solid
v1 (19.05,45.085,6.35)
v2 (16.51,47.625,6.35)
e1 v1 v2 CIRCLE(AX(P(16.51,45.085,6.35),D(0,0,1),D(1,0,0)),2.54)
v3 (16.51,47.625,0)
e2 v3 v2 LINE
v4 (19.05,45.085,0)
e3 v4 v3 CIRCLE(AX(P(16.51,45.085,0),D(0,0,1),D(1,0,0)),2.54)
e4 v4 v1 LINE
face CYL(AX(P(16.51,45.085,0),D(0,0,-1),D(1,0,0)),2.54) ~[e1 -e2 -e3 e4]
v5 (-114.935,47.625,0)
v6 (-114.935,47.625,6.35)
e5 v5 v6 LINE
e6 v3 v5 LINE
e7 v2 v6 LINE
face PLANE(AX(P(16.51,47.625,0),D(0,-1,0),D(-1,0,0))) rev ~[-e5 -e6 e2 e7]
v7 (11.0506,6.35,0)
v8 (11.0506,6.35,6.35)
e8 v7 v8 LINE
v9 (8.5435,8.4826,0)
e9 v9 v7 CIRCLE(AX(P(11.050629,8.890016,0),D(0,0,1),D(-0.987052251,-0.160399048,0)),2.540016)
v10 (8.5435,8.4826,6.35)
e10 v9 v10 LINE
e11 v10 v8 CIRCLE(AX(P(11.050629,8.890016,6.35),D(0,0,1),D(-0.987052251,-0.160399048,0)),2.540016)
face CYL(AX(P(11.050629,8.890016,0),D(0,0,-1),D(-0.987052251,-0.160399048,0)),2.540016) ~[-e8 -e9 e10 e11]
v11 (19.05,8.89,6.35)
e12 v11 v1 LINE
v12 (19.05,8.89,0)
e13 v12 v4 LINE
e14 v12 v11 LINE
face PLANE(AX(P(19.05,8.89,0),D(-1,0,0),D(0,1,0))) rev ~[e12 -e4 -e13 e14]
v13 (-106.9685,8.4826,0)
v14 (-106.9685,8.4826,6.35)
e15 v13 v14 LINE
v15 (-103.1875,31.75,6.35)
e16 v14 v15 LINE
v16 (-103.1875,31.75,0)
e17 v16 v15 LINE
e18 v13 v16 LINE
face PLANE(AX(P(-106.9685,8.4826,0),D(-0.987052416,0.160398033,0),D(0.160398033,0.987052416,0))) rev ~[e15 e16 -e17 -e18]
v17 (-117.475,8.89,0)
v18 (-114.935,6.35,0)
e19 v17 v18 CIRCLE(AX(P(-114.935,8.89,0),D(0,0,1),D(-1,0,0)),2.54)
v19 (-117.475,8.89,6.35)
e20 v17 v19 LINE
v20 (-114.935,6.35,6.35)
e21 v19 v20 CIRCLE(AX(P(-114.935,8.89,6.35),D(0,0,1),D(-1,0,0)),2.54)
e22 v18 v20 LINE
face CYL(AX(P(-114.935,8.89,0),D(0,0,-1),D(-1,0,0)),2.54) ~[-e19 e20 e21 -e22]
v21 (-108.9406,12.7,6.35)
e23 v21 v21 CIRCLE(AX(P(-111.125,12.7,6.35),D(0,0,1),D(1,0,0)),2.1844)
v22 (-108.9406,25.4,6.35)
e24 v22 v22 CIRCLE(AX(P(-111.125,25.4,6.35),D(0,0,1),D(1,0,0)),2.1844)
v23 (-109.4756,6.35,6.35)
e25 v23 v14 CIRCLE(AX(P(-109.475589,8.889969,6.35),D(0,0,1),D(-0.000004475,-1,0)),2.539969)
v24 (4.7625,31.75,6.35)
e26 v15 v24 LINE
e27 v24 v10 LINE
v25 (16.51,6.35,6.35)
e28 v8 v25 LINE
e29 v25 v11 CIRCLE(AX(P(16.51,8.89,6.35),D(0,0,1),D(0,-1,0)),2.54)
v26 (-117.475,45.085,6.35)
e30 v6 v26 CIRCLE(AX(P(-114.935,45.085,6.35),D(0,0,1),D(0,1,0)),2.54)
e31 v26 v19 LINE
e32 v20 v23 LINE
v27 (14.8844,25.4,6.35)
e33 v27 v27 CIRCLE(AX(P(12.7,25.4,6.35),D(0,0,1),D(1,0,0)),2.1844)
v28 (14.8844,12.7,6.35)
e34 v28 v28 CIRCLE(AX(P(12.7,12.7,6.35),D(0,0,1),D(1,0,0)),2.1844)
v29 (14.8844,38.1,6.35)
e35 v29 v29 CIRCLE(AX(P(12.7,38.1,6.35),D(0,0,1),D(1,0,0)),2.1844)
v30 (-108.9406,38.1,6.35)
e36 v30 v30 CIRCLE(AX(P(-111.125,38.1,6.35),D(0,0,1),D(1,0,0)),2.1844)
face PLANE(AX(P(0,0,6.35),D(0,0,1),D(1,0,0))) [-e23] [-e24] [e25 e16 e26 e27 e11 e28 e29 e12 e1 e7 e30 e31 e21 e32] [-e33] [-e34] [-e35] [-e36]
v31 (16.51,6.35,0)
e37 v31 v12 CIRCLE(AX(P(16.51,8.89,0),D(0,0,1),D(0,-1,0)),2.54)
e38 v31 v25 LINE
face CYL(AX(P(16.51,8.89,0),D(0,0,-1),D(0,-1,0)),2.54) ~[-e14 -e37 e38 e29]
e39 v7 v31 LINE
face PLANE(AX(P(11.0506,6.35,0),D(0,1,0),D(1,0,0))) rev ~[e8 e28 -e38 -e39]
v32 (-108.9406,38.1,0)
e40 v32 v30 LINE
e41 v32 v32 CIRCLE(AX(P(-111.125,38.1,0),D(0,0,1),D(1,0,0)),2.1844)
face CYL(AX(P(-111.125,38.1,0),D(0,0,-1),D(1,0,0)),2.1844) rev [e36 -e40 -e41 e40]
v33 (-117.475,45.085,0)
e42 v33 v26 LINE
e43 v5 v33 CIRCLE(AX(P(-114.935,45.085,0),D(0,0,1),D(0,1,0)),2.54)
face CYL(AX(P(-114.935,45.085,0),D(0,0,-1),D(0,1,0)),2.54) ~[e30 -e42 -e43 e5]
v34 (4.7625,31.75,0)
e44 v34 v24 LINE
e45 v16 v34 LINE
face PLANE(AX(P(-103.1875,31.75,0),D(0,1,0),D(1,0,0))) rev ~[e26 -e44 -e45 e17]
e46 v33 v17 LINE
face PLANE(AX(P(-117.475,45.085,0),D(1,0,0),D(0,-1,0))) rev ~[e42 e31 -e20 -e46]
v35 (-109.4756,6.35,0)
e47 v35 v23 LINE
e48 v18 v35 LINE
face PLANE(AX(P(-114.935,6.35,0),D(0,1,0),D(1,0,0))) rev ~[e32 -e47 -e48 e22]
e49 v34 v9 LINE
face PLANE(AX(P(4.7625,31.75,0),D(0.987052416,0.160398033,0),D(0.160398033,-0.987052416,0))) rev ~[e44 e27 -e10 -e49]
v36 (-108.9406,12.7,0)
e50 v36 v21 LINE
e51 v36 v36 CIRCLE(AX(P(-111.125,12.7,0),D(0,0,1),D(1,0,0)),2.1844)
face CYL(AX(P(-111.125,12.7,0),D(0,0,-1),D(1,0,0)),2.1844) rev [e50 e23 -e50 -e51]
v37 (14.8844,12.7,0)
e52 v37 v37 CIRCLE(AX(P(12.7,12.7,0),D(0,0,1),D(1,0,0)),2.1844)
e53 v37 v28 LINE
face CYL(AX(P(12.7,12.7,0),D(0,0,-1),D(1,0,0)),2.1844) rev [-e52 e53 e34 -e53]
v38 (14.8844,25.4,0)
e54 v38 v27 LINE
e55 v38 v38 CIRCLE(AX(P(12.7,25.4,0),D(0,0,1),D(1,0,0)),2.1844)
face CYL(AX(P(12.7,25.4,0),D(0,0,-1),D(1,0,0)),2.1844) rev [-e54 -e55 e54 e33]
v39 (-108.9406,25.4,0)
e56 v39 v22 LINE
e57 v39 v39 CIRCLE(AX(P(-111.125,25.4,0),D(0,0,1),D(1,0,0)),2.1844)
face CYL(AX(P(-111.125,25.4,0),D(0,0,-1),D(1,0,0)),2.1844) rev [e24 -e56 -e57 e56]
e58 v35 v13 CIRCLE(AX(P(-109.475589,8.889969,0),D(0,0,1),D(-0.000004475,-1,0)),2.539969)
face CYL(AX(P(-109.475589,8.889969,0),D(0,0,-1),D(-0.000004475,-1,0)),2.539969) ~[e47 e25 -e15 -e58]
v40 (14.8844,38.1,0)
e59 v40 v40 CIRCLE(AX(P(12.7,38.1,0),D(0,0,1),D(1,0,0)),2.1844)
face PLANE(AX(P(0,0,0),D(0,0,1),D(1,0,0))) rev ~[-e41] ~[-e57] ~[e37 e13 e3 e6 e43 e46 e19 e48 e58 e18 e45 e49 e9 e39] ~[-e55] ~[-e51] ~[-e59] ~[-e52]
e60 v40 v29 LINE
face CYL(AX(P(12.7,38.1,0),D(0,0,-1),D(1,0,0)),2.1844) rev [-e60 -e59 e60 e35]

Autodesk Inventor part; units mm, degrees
ref_plane "YZ Plane" through (0, 0, 0) normal (1, 0, 0) x (0, 1, 0)
ref_plane "XZ Plane" through (0, 0, 0) normal (0, 1, 0) x (-1, 0, 0)
ref_plane "XY Plane" through (0, 0, 0) normal (0, 0, 1) x (1, 0, 0)
sketch "Sketch1" plane through (0, 0, 0) normal (0, 0, 1) x (1, 0, 0)
  circle A0 centre (12.7, 38.1) radius 2.1844 projected
  circle A1 centre (-111.125, 38.1) radius 2.1844 projected
  circle A2 centre (-111.125, 25.4) radius 2.1844 projected
  circle A3 centre (12.7, 25.4) radius 2.1844 projected
  line L0 (-117.475, 45.085) -> (-117.475, 8.89)
  line L1 (-114.935, 6.35) -> (-109.4756, 6.35)
  line L2 (-106.9685, 8.4826) -> (-103.1875, 31.75)
  line L3 (-103.1875, 31.75) -> (4.7625, 31.75)
  line L4 (4.7625, 31.75) -> (8.5435, 8.4826)
  line L5 (11.0506, 6.35) -> (16.51, 6.35)
  line L6 (19.05, 8.89) -> (19.05, 45.085)
  line L7 (16.51, 47.625) -> (-114.935, 47.625)
  line L8 (-49.2125, 31.75) -> (-49.2125, 47.625) construction
  arc A4 (-114.935, 47.625) -> (-117.475, 45.085) centre (-114.935, 45.085) ccw
  arc A5 (-117.475, 8.89) -> (-114.935, 6.35) centre (-114.935, 8.89) ccw
  arc A6 (16.51, 6.35) -> (19.05, 8.89) centre (16.51, 8.89) ccw
  arc A7 (19.05, 45.085) -> (16.51, 47.625) centre (16.51, 45.085) ccw
  arc A8 (-109.4756, 6.35) -> (-106.9685, 8.4826) centre (-109.4756, 8.89) ccw
  arc A9 (8.5435, 8.4826) -> (11.0506, 6.35) centre (11.0506, 8.89) ccw
  circle A10 centre (-111.125, 12.7) radius 2.1844 projected
  circle A11 centre (12.7, 12.7) radius 2.1844 projected
  point P0 (0, 0)
  point P1 (8.89, 6.35)
  point P2 (19.05, 6.35)
  dimension "d0" = 6.35
  dimension "d1" = 6.35
  dimension "d2" = 9.525
  dimension "d4" = 15.875
  dimension "d5" = 107.95
  dimension "d6" = 10.16
  dimension "d7" = 2.54
  dimension "d8" = 2.54
  dimension "d9" = 2.54
  dimension "d12" = 6.35
extrude "Extrusion1" add sketch "Sketch1" along normal blind 6.35
equation "\"d0\" = d1"
equation "\"d10\" = d1"
properties part number "parkbrake" material "Acetal Resin, Black"
